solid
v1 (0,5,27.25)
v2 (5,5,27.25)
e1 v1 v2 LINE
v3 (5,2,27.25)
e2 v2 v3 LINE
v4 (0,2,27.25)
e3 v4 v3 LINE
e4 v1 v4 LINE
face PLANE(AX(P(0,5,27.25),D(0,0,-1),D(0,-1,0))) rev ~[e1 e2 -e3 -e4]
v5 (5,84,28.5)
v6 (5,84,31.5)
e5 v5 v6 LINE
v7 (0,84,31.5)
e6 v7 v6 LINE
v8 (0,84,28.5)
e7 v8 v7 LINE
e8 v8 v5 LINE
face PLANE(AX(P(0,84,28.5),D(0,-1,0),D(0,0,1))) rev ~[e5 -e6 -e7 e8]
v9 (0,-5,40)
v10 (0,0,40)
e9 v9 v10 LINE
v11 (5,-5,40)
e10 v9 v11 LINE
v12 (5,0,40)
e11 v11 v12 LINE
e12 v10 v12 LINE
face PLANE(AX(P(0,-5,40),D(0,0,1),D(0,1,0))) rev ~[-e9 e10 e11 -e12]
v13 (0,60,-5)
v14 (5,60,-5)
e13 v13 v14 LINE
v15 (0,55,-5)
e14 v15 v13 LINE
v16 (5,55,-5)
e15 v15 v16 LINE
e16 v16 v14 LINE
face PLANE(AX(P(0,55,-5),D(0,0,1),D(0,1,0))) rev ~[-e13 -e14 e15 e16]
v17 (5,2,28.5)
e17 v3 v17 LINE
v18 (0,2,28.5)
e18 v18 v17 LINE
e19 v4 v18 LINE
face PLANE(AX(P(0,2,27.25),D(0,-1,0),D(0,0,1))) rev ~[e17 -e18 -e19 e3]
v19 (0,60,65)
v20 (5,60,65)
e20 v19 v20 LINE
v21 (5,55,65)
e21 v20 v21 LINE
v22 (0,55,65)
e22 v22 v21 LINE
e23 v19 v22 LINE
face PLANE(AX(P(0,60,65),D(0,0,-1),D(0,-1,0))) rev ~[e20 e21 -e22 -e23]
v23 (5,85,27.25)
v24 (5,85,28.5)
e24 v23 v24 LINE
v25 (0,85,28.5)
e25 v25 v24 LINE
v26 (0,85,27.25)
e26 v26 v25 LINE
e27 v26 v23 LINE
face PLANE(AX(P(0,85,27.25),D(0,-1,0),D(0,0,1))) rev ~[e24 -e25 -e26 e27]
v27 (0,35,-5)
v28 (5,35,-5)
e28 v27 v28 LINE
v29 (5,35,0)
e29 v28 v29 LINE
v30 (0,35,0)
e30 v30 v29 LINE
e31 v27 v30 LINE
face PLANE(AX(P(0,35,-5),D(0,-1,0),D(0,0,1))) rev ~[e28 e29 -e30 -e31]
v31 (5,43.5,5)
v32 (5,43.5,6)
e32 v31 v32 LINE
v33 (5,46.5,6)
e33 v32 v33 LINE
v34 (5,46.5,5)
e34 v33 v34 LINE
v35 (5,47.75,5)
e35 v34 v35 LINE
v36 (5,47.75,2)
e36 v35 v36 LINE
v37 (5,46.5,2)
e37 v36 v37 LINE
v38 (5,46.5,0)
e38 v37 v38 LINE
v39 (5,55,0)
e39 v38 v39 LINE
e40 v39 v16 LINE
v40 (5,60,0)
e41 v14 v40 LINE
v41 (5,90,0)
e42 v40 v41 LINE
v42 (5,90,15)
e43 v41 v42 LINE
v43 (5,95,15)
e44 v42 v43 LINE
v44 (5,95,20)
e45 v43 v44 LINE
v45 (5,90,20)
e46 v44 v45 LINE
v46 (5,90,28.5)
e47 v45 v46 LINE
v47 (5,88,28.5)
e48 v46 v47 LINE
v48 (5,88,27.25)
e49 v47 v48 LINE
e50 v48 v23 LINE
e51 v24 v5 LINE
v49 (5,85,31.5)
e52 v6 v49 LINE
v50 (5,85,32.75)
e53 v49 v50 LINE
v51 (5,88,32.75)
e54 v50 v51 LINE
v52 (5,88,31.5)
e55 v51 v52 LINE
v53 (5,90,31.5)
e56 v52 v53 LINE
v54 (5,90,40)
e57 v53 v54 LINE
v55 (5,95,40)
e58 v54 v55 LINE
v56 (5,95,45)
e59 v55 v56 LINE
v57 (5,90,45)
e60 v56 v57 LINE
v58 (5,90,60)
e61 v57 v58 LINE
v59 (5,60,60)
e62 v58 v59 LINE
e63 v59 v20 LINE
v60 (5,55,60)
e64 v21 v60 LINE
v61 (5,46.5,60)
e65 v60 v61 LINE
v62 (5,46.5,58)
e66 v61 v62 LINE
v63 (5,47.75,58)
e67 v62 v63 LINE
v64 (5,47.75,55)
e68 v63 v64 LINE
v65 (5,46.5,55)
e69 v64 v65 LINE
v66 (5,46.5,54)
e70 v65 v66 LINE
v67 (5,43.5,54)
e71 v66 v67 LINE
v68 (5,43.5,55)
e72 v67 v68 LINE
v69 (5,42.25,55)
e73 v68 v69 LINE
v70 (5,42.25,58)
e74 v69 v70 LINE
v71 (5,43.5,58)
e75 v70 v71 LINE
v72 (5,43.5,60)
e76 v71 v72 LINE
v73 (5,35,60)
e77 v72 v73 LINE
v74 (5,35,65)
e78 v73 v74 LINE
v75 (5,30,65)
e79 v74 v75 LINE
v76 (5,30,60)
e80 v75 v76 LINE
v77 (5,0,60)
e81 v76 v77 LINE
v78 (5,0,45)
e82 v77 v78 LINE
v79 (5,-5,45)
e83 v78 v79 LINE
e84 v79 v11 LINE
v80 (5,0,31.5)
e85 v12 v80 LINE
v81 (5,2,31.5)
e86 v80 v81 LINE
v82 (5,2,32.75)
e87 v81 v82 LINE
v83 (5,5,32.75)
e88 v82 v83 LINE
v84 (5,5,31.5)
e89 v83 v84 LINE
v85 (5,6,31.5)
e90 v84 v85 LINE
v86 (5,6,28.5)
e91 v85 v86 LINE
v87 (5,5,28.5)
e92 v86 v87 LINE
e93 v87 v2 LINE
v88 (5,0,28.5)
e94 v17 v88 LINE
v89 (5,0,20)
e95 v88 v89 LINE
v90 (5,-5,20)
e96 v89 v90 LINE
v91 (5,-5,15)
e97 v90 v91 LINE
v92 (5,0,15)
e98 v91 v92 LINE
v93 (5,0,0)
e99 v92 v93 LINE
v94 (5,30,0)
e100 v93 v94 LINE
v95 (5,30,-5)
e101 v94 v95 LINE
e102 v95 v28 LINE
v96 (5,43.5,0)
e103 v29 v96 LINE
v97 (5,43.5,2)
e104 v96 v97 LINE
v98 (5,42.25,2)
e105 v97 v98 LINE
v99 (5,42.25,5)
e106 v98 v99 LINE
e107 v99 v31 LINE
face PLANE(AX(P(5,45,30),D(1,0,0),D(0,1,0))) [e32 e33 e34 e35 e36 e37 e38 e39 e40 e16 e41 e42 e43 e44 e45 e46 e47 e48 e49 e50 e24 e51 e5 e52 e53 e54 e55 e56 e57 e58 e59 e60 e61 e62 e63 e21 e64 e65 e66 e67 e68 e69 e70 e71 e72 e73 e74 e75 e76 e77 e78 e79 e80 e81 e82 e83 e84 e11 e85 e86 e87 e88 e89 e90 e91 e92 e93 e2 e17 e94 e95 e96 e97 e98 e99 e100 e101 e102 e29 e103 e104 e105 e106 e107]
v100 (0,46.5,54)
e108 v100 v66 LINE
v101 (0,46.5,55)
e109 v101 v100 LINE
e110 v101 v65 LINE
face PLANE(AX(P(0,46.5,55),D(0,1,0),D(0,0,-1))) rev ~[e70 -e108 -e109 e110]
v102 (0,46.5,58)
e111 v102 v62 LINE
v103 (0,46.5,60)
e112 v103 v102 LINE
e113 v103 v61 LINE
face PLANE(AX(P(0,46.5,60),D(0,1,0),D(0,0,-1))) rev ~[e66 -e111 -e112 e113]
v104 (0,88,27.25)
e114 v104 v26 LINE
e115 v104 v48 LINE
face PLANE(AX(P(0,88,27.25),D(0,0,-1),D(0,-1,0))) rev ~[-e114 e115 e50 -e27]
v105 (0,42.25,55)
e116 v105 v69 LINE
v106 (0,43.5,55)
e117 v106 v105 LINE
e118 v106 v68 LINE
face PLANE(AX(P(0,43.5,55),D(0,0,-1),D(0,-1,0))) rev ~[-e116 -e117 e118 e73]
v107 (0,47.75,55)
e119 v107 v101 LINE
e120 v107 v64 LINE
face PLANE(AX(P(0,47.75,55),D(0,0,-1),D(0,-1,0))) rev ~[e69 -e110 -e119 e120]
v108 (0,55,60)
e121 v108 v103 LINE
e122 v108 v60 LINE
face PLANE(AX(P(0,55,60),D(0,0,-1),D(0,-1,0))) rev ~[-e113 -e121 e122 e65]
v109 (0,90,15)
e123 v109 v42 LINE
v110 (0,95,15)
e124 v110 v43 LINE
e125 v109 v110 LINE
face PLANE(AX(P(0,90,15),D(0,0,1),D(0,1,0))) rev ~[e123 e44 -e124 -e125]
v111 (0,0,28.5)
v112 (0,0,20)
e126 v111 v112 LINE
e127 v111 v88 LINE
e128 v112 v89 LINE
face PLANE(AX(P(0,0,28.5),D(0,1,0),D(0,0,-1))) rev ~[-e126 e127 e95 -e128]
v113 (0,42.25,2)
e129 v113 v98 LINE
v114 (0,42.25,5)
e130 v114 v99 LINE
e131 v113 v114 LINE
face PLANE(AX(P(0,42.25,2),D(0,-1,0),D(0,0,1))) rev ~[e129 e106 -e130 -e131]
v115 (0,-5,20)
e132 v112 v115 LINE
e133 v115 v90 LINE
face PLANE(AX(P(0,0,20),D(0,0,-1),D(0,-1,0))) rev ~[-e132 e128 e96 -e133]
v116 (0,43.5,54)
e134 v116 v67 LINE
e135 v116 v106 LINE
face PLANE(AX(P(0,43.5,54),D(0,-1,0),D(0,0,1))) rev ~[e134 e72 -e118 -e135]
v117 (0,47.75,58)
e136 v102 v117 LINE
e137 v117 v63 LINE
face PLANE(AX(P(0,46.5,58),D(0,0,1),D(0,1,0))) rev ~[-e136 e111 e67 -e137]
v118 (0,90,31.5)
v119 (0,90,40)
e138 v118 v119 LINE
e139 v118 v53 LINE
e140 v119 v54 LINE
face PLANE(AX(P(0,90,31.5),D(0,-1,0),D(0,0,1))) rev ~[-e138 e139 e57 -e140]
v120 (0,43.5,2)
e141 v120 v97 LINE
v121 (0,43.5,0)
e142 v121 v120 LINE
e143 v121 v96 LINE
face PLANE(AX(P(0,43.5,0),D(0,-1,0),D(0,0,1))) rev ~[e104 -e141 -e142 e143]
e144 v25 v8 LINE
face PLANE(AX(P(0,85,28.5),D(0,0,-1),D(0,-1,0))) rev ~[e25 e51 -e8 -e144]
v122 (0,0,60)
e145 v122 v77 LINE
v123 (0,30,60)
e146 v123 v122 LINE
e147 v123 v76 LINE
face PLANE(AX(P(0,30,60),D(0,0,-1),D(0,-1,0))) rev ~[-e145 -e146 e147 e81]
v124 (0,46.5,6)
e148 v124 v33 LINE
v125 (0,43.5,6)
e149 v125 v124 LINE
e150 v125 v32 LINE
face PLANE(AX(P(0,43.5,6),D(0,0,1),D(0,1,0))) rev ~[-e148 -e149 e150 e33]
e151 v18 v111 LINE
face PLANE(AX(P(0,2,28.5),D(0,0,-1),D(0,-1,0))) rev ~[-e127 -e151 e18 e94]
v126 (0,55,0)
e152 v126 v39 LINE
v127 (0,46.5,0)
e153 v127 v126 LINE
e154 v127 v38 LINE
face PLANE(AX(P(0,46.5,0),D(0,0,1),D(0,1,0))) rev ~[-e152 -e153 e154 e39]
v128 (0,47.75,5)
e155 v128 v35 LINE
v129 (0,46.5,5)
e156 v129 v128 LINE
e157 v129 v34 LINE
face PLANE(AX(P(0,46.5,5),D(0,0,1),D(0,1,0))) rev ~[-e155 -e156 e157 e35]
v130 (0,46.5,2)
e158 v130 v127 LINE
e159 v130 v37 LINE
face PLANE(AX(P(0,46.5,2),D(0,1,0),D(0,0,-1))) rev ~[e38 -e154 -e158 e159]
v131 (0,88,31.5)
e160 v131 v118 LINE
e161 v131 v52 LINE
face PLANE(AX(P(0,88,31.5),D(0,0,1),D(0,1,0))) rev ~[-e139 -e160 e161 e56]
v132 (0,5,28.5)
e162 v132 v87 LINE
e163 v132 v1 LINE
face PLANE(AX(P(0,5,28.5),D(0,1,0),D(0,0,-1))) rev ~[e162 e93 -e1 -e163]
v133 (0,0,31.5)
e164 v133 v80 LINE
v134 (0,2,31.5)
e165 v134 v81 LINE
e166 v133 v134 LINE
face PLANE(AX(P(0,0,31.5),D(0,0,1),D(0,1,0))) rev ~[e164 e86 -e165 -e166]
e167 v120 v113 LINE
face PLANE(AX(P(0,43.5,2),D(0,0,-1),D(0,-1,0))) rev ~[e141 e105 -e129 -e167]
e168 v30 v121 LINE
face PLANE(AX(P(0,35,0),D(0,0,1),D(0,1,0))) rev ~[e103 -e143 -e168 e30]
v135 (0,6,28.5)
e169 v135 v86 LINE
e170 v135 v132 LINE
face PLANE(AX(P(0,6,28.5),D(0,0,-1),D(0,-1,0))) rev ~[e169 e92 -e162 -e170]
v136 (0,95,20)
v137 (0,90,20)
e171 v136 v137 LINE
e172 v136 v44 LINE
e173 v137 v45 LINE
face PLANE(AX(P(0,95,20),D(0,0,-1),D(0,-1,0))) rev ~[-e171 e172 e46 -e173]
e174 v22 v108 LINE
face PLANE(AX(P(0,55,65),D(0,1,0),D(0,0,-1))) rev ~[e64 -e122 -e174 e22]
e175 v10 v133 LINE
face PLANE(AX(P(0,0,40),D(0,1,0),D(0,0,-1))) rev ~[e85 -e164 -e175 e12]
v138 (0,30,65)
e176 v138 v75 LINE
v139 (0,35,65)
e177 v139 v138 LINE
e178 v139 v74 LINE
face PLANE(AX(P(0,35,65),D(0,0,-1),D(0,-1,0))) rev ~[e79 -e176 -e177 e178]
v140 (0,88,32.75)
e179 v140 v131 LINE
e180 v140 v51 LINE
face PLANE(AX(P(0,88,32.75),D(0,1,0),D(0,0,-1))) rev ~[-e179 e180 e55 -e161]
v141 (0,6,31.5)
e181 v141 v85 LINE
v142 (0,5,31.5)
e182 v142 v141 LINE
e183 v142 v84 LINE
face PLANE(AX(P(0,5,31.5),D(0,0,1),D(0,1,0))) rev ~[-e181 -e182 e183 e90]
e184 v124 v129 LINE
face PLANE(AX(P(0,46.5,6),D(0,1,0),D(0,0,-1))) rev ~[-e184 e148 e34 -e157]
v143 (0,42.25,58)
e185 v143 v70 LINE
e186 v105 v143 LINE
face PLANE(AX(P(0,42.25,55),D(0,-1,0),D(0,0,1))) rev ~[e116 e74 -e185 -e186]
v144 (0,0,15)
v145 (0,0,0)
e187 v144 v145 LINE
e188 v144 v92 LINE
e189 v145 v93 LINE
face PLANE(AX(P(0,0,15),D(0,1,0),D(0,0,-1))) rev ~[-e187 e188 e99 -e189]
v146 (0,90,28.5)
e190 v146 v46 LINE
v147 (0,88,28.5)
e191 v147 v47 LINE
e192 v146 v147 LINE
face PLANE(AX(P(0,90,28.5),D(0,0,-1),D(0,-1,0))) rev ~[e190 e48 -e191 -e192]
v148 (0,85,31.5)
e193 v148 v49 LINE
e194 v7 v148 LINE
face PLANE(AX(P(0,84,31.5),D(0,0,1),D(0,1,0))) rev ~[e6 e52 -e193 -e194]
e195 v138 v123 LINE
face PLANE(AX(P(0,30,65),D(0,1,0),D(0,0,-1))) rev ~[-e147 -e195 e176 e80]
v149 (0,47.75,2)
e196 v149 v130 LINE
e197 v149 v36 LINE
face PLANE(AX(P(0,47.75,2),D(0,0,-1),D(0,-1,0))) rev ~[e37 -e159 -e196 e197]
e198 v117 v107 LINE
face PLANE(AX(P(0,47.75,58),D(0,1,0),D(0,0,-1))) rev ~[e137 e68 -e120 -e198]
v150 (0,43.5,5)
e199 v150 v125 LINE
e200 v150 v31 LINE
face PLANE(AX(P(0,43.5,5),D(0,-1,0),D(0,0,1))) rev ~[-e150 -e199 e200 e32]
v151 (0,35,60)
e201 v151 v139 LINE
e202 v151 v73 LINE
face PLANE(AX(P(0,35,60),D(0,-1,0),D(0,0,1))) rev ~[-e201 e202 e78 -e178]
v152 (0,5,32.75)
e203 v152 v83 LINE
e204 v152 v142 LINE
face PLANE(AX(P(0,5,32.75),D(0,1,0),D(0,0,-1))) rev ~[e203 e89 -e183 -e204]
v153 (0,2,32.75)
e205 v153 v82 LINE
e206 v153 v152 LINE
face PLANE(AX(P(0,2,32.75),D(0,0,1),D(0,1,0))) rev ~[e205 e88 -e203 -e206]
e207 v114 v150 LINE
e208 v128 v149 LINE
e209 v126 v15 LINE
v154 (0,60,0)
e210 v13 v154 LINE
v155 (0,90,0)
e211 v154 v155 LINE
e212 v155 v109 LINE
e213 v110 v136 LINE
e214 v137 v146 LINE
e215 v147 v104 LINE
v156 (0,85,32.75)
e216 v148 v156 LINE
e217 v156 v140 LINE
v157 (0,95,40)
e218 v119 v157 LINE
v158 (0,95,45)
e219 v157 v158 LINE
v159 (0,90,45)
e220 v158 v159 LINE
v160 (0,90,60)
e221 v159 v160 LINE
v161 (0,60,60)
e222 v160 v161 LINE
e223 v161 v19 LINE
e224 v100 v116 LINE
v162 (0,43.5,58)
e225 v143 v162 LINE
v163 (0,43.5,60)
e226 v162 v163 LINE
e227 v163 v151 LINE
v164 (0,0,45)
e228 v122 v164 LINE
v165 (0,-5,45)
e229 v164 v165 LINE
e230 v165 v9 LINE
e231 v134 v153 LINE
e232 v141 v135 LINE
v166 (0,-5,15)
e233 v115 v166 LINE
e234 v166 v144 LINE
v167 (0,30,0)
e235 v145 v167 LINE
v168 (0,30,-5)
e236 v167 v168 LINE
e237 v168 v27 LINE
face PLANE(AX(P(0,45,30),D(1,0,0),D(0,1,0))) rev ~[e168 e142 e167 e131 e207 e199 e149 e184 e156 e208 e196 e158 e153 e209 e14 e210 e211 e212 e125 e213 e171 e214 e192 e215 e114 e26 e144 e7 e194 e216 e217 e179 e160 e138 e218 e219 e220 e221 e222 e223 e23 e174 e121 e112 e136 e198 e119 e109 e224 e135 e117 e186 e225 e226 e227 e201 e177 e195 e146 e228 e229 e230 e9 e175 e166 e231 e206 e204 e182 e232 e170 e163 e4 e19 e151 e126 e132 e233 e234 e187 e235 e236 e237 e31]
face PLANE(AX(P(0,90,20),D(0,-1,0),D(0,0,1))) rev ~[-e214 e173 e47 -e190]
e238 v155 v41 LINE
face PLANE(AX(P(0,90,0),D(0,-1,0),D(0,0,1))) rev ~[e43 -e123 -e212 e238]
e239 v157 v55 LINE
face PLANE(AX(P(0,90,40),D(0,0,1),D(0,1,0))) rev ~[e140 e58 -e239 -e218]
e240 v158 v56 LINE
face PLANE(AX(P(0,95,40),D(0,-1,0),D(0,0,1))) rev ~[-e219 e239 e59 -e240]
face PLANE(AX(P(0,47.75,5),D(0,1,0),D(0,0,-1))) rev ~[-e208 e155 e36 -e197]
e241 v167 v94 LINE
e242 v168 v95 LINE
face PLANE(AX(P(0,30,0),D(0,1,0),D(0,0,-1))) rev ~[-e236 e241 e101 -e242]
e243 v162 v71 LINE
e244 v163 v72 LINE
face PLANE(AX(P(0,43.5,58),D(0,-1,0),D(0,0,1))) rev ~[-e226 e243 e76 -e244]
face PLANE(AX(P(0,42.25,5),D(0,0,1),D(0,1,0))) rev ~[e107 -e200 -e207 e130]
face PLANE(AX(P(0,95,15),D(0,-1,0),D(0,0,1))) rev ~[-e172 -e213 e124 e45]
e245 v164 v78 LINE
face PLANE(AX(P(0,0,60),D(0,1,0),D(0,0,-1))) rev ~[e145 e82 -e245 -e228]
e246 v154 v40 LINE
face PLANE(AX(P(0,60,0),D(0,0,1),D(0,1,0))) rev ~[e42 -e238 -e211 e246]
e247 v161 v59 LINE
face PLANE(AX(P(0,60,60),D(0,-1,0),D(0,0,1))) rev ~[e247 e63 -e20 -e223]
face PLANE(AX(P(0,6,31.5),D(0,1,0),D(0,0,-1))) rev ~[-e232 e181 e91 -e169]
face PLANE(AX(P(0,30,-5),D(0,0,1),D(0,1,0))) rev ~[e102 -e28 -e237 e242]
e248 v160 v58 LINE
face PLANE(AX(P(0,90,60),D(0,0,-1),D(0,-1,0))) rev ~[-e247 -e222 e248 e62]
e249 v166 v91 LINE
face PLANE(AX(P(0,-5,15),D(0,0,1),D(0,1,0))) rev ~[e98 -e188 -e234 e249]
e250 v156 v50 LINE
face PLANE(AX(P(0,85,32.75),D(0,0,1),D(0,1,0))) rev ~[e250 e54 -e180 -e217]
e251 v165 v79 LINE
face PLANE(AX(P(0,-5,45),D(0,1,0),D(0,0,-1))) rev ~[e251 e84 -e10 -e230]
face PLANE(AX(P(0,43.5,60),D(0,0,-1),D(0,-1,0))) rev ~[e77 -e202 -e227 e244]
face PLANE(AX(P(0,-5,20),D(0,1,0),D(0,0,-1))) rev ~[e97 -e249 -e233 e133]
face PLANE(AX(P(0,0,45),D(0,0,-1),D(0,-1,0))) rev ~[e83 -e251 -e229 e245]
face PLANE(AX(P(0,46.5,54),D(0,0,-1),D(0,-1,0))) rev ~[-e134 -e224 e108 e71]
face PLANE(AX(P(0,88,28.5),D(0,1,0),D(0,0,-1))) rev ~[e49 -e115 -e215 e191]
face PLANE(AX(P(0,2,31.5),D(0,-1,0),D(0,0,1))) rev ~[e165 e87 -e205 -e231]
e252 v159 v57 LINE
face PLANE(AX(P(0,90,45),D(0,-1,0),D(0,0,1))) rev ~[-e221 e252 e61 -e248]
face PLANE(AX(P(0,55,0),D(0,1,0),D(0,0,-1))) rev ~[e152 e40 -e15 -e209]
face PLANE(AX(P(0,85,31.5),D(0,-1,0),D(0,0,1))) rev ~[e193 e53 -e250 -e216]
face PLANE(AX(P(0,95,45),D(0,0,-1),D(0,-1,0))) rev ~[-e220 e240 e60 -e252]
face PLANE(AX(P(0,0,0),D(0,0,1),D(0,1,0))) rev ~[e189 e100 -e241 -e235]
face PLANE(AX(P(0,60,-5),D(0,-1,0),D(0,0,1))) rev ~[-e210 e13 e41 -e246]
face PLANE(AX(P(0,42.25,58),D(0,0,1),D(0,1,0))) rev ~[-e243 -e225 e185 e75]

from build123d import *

# Parameters (mm, degrees)
F2_DEPTH = 5


with BuildPart() as f2:
    # F1 (on Right) → F2 (new body)
    with BuildSketch(Plane.YZ):
        Polygon((0, 15), (0, 0), (30, 0), (30, -5), (35, -5), (35, 0), (43.5, 0), (43.5, 2), (42.25, 2), (42.25, 5), (43.5, 5), (43.5, 6), (46.5, 6), (46.5, 5), (47.75, 5), (47.75, 2), (46.5, 2), (46.5, 0), (55, 0), (55, -5), (60, -5), (60, 0), (90, 0), (90, 15), (95, 15), (95, 20), (90, 20), (90, 28.5), (88, 28.5), (88, 27.25), (85, 27.25), (85, 28.5), (84, 28.5), (84, 31.5), (85, 31.5), (85, 32.75), (88, 32.75), (88, 31.5), (90, 31.5), (90, 40), (95, 40), (95, 45), (90, 45), (90, 60), (60, 60), (60, 65), (55, 65), (55, 60), (46.5, 60), (46.5, 58), (47.75, 58), (47.75, 55), (46.5, 55), (46.5, 54), (43.5, 54), (43.5, 55), (42.25, 55), (42.25, 58), (43.5, 58), (43.5, 60), (35, 60), (35, 65), (30, 65), (30, 60), (0, 60), (0, 45), (-5, 45), (-5, 40), (0, 40), (0, 31.5), (2, 31.5), (2, 32.75), (5, 32.75), (5, 31.5), (6, 31.5), (6, 28.5), (5, 28.5), (5, 27.25), (2, 27.25), (2, 28.5), (0, 28.5), (0, 20), (-5, 20), (-5, 15), align=None)
    extrude(amount=F2_DEPTH)


solid = f2.part
